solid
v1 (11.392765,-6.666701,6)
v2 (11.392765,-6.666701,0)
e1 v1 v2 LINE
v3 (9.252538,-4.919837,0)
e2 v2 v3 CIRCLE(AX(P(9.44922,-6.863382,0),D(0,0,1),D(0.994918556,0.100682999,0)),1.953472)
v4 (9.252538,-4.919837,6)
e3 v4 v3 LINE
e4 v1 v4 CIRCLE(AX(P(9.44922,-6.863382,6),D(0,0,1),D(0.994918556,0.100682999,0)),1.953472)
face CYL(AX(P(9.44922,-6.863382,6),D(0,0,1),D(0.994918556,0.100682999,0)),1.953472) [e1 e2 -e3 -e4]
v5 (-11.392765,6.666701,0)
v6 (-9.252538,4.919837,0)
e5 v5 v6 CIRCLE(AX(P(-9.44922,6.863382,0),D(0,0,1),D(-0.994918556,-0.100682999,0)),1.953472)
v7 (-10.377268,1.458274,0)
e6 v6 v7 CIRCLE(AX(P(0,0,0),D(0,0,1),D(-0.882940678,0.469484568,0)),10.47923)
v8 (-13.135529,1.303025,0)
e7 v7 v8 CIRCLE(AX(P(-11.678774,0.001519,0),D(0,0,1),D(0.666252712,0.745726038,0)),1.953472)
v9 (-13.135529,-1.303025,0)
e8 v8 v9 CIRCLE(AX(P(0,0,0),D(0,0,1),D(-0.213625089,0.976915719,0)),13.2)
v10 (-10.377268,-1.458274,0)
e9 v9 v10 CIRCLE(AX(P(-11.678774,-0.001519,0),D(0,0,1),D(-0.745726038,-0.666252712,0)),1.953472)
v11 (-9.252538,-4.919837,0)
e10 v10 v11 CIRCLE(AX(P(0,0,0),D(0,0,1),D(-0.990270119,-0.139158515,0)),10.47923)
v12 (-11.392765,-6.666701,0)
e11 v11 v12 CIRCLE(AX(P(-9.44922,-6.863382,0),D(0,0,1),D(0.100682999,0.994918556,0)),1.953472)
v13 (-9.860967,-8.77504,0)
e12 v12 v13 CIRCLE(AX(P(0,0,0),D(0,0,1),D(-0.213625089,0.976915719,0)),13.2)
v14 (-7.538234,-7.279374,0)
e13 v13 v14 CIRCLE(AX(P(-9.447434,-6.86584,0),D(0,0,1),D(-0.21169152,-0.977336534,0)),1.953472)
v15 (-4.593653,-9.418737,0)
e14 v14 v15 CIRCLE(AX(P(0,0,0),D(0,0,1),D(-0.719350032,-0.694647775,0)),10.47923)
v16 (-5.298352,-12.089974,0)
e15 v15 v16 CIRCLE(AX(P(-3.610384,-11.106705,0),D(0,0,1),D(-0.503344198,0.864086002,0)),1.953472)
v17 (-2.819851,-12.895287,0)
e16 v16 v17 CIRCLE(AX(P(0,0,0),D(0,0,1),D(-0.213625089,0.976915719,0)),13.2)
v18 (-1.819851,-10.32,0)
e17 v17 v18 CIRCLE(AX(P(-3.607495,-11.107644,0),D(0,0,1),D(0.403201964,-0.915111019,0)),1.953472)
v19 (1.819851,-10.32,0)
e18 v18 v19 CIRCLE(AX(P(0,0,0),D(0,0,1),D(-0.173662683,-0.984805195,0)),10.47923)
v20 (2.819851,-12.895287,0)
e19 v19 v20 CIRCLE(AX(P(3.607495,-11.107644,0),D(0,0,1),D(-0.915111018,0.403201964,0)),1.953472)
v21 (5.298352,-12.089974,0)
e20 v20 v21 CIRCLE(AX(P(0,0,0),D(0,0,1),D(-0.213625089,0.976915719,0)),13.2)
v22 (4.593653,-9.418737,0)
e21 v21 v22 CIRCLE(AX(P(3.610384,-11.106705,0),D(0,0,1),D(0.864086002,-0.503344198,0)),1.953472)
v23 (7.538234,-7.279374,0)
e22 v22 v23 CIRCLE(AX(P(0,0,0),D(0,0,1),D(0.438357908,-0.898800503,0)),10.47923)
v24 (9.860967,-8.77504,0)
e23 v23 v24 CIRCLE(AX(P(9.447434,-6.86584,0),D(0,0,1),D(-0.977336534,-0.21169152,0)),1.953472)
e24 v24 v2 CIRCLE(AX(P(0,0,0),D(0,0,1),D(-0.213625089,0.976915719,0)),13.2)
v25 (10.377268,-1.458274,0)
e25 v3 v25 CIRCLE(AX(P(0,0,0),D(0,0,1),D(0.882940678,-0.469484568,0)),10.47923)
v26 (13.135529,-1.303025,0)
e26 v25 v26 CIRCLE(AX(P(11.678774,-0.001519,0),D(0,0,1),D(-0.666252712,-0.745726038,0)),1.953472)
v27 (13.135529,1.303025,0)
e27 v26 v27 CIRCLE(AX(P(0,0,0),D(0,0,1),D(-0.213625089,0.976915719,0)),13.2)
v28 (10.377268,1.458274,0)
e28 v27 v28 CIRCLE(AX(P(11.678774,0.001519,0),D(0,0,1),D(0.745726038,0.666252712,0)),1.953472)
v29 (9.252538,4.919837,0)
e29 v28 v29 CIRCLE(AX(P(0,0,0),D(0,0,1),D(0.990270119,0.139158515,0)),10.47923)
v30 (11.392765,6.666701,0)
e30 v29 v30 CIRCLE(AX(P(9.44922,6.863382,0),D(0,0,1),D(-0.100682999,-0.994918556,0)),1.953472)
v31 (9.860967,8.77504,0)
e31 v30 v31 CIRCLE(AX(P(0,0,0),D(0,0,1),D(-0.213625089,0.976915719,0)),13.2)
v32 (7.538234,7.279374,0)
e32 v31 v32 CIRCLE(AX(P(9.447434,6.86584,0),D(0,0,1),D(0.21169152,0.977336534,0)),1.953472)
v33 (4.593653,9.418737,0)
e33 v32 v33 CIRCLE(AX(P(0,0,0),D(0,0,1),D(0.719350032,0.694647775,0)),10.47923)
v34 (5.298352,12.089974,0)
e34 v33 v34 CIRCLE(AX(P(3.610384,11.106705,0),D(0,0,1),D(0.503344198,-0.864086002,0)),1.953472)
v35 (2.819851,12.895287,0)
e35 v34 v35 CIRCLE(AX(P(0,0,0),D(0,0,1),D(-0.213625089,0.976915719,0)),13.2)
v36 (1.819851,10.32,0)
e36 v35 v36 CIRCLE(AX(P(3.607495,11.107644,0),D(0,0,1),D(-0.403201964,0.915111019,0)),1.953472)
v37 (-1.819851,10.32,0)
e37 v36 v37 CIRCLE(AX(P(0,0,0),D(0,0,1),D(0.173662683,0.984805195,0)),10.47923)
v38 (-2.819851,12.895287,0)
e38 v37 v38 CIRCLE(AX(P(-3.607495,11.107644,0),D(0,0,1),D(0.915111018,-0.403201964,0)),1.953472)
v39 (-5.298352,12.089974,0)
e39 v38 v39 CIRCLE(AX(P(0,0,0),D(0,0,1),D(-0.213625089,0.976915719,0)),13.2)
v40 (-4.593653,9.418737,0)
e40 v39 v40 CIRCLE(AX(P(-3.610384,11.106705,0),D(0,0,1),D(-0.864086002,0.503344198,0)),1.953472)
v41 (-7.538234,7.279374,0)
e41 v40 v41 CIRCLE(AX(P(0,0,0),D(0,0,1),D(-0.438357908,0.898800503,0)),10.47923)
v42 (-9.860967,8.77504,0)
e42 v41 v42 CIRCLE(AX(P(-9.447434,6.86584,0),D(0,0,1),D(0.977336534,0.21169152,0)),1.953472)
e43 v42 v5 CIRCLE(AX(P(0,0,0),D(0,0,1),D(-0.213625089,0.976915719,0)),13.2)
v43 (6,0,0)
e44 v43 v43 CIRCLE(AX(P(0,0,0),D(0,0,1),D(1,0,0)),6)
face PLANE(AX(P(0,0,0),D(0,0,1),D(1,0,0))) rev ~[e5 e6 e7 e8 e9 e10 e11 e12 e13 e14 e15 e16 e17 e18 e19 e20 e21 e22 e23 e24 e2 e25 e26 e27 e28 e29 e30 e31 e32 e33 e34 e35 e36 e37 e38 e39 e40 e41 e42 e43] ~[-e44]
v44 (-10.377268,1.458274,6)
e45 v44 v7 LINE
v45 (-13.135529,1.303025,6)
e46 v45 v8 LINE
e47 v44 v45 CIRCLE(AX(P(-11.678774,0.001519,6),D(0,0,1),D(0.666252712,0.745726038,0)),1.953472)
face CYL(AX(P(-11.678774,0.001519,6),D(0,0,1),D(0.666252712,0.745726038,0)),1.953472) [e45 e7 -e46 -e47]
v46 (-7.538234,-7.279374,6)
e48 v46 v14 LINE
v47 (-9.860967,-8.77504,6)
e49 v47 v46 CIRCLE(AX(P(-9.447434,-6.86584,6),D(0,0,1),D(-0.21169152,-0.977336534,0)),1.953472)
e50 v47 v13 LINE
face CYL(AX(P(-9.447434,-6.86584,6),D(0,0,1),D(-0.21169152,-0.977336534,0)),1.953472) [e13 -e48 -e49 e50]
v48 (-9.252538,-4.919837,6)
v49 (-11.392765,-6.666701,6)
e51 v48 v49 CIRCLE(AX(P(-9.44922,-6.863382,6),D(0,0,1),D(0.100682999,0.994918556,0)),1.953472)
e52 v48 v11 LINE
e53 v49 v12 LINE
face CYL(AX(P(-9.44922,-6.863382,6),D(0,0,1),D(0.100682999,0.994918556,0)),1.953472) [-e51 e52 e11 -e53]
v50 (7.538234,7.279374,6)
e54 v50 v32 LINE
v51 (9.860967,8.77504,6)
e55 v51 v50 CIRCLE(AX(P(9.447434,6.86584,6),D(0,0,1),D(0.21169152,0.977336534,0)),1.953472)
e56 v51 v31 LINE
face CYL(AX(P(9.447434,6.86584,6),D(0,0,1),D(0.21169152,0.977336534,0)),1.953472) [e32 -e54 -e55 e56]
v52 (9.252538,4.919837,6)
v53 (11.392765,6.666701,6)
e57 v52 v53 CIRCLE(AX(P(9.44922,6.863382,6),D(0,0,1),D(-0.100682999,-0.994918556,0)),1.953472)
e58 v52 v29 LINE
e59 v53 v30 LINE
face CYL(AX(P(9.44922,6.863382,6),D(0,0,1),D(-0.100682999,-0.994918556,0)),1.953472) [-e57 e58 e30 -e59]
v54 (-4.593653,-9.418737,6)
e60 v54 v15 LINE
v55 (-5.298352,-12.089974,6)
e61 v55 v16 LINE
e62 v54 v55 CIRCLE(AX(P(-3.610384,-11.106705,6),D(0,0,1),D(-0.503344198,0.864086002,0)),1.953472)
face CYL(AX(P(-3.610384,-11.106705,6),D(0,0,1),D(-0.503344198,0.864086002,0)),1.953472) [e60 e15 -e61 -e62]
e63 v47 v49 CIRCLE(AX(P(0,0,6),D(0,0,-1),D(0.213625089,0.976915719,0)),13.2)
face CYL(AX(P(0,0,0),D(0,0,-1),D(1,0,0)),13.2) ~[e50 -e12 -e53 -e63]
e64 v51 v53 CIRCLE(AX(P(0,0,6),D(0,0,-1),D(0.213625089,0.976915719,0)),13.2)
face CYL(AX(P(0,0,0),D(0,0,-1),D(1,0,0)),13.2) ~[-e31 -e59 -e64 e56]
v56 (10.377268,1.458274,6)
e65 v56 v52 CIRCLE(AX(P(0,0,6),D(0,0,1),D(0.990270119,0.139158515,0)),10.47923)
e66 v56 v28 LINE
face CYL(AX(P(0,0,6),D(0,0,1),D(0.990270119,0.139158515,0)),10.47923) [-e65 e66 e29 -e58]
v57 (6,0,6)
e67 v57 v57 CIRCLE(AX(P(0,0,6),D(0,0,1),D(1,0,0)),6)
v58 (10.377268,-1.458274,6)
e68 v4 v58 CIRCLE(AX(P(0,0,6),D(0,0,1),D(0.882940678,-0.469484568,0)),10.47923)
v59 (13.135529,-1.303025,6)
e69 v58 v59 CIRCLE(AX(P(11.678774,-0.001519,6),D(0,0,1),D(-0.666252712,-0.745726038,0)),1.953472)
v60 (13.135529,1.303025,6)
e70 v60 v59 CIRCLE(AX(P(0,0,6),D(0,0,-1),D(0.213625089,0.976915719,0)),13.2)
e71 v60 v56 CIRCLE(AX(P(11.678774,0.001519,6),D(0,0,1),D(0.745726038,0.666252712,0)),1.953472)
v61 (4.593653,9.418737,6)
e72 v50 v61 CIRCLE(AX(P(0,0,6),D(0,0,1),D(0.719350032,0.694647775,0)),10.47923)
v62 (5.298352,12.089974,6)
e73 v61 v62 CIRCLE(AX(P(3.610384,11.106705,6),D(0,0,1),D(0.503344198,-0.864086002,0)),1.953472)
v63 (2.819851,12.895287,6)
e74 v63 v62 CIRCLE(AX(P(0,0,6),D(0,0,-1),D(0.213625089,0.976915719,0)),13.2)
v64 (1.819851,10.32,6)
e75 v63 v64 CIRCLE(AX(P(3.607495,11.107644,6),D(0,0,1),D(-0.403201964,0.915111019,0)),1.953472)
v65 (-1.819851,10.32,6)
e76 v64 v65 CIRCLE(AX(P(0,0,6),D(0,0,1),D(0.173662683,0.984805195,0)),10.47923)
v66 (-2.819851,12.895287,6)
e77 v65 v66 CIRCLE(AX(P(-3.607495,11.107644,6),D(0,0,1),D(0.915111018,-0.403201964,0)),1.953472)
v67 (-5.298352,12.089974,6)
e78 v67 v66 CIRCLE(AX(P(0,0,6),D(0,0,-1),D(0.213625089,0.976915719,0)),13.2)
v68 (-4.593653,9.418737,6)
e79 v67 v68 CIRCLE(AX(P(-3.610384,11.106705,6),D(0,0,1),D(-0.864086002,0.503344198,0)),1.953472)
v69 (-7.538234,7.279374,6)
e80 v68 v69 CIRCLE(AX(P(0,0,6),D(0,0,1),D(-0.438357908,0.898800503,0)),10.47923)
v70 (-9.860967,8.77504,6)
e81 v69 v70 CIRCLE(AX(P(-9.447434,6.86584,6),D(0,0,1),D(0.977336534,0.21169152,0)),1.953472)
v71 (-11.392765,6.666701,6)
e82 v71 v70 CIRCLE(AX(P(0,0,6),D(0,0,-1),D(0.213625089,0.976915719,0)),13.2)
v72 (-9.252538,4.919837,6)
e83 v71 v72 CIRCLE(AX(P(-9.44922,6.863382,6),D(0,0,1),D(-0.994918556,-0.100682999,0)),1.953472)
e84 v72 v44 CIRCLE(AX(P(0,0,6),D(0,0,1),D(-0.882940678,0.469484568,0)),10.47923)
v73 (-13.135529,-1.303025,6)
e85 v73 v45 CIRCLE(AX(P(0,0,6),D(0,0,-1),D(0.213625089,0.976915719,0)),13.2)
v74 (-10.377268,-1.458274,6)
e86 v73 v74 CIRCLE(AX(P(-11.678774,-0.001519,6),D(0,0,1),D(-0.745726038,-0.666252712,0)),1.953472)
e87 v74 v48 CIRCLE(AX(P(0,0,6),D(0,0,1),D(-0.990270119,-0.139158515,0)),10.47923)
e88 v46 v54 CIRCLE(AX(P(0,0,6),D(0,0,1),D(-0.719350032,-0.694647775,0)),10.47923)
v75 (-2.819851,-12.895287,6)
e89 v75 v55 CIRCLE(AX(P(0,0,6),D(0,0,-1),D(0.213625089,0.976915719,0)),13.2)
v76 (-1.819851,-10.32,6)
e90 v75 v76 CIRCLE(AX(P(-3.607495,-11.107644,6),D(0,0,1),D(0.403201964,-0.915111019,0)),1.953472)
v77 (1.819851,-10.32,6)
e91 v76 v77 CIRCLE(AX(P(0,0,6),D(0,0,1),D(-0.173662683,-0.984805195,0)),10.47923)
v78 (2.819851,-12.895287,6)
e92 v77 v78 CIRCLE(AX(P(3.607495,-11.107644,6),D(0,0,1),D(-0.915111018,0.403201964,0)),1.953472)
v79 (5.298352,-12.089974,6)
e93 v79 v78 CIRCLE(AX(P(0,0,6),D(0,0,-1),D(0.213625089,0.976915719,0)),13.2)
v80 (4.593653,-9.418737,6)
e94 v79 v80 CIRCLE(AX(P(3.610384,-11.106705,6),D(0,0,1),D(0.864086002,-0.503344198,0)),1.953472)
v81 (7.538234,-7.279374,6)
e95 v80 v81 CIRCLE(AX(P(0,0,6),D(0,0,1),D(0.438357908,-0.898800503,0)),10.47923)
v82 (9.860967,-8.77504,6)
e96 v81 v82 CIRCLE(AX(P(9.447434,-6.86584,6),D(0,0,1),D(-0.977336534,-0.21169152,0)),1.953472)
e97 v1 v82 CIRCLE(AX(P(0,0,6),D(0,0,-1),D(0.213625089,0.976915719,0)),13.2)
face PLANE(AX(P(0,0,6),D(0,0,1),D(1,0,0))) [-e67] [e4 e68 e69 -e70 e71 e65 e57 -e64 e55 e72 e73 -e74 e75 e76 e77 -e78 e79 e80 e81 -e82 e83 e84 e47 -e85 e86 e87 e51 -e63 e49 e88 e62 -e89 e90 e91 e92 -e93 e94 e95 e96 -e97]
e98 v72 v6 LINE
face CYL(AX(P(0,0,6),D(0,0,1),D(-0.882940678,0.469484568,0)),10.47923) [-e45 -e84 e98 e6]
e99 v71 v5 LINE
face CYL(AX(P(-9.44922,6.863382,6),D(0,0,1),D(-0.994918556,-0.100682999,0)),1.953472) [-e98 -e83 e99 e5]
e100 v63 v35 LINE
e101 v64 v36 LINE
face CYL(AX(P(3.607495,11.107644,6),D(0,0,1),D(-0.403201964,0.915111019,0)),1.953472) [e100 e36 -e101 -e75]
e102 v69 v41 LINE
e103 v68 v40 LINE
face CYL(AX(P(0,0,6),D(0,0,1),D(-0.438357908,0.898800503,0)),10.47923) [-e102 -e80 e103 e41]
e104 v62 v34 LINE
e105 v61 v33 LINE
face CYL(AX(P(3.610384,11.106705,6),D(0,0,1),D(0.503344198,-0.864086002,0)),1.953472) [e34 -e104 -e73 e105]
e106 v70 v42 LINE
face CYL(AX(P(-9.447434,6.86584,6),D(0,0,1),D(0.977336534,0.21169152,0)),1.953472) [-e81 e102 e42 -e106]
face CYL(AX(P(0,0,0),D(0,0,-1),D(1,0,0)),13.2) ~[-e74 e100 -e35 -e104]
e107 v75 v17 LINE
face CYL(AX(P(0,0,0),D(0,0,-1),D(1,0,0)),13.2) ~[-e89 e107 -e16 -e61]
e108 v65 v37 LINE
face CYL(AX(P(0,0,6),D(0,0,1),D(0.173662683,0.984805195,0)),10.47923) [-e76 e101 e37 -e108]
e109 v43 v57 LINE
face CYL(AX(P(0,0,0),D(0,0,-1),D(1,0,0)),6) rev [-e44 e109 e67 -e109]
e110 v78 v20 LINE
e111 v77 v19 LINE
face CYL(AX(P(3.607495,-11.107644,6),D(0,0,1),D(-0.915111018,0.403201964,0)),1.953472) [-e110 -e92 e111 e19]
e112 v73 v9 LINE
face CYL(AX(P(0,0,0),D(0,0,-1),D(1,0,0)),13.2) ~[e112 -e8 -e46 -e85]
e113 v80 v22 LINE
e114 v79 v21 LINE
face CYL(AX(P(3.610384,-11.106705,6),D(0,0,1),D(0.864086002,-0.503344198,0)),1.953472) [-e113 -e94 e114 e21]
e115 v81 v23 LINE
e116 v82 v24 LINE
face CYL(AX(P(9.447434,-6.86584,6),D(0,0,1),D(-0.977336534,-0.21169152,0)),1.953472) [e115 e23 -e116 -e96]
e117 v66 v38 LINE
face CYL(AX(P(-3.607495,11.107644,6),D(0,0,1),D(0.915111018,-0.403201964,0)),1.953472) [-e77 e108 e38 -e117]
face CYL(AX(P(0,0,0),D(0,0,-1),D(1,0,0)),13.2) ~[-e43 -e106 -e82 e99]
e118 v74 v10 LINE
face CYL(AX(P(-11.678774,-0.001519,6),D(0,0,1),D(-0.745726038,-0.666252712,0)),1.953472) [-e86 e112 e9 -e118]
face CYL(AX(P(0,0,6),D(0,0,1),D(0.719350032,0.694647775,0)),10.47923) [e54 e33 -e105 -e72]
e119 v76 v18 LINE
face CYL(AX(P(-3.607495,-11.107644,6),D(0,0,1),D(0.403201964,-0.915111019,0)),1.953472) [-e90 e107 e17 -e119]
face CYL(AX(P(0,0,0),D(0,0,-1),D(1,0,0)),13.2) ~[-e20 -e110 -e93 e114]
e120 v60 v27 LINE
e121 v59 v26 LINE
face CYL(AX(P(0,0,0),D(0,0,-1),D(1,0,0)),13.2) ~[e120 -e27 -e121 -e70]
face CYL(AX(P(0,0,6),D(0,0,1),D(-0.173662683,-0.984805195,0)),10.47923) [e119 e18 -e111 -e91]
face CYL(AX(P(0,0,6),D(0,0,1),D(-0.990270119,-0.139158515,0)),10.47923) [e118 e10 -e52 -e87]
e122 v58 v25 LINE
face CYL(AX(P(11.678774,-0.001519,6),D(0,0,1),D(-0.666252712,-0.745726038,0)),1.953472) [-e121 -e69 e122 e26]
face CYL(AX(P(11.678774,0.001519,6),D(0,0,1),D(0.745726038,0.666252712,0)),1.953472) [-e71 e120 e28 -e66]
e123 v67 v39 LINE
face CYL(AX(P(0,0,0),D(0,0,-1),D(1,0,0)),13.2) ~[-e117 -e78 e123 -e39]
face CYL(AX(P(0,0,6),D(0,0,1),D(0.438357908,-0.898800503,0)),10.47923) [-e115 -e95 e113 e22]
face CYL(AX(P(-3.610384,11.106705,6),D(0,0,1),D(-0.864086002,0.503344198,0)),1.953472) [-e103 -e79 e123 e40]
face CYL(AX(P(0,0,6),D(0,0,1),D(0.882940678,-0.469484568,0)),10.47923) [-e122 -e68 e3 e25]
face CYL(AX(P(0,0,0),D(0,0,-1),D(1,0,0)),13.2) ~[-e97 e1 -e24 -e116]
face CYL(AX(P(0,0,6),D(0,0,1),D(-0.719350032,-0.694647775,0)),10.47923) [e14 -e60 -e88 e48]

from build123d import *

# Parameters (mm, degrees)
SKETCH1_R           = 13.2
SKETCH1_R_2         = 6
BOSS_EXTRUDE1_DEPTH = 6
CUT_EXTRUDE1_DEPTH  = 7
CIRPATTERN1_COUNT   = 10


with BuildPart() as part:
    # Sketch1 → Boss-Extrude1 (new body)
    with BuildSketch(Plane.XY):
        Circle(SKETCH1_R)
        Circle(SKETCH1_R_2, mode=Mode.SUBTRACT)
    extrude(amount=BOSS_EXTRUDE1_DEPTH)

    # Sketch2 → Cut-Extrude1 (cut, through all)
    with BuildSketch(Plane.XY.offset(6)):
        with BuildLine():
            ThreePointArc((-2.819851171, 12.895287487), (0, 13.2), (2.819851171, 12.895287487))
            ThreePointArc((2.819851171, 12.895287487), (1.786491669, 11.814750525), (1.819851171, 10.32))
            ThreePointArc((1.819851171, 10.32), (0, 10.479229852), (-1.819851171, 10.32))
            ThreePointArc((-1.819851171, 10.32), (-1.786491669, 11.814750525), (-2.819851171, 12.895287487))
        make_face()
    cut_extrude1 = extrude(amount=-CUT_EXTRUDE1_DEPTH, mode=Mode.SUBTRACT)

    # CirPattern1: Cut-Extrude1 ×10 about axis
    cirpattern1_axis = Axis((0, 0, 0), (0, 0, 1))
    for i in range(1, CIRPATTERN1_COUNT):
        add(cut_extrude1.rotate(cirpattern1_axis, i * 360 / CIRPATTERN1_COUNT), mode=Mode.SUBTRACT)


solid = part.part
